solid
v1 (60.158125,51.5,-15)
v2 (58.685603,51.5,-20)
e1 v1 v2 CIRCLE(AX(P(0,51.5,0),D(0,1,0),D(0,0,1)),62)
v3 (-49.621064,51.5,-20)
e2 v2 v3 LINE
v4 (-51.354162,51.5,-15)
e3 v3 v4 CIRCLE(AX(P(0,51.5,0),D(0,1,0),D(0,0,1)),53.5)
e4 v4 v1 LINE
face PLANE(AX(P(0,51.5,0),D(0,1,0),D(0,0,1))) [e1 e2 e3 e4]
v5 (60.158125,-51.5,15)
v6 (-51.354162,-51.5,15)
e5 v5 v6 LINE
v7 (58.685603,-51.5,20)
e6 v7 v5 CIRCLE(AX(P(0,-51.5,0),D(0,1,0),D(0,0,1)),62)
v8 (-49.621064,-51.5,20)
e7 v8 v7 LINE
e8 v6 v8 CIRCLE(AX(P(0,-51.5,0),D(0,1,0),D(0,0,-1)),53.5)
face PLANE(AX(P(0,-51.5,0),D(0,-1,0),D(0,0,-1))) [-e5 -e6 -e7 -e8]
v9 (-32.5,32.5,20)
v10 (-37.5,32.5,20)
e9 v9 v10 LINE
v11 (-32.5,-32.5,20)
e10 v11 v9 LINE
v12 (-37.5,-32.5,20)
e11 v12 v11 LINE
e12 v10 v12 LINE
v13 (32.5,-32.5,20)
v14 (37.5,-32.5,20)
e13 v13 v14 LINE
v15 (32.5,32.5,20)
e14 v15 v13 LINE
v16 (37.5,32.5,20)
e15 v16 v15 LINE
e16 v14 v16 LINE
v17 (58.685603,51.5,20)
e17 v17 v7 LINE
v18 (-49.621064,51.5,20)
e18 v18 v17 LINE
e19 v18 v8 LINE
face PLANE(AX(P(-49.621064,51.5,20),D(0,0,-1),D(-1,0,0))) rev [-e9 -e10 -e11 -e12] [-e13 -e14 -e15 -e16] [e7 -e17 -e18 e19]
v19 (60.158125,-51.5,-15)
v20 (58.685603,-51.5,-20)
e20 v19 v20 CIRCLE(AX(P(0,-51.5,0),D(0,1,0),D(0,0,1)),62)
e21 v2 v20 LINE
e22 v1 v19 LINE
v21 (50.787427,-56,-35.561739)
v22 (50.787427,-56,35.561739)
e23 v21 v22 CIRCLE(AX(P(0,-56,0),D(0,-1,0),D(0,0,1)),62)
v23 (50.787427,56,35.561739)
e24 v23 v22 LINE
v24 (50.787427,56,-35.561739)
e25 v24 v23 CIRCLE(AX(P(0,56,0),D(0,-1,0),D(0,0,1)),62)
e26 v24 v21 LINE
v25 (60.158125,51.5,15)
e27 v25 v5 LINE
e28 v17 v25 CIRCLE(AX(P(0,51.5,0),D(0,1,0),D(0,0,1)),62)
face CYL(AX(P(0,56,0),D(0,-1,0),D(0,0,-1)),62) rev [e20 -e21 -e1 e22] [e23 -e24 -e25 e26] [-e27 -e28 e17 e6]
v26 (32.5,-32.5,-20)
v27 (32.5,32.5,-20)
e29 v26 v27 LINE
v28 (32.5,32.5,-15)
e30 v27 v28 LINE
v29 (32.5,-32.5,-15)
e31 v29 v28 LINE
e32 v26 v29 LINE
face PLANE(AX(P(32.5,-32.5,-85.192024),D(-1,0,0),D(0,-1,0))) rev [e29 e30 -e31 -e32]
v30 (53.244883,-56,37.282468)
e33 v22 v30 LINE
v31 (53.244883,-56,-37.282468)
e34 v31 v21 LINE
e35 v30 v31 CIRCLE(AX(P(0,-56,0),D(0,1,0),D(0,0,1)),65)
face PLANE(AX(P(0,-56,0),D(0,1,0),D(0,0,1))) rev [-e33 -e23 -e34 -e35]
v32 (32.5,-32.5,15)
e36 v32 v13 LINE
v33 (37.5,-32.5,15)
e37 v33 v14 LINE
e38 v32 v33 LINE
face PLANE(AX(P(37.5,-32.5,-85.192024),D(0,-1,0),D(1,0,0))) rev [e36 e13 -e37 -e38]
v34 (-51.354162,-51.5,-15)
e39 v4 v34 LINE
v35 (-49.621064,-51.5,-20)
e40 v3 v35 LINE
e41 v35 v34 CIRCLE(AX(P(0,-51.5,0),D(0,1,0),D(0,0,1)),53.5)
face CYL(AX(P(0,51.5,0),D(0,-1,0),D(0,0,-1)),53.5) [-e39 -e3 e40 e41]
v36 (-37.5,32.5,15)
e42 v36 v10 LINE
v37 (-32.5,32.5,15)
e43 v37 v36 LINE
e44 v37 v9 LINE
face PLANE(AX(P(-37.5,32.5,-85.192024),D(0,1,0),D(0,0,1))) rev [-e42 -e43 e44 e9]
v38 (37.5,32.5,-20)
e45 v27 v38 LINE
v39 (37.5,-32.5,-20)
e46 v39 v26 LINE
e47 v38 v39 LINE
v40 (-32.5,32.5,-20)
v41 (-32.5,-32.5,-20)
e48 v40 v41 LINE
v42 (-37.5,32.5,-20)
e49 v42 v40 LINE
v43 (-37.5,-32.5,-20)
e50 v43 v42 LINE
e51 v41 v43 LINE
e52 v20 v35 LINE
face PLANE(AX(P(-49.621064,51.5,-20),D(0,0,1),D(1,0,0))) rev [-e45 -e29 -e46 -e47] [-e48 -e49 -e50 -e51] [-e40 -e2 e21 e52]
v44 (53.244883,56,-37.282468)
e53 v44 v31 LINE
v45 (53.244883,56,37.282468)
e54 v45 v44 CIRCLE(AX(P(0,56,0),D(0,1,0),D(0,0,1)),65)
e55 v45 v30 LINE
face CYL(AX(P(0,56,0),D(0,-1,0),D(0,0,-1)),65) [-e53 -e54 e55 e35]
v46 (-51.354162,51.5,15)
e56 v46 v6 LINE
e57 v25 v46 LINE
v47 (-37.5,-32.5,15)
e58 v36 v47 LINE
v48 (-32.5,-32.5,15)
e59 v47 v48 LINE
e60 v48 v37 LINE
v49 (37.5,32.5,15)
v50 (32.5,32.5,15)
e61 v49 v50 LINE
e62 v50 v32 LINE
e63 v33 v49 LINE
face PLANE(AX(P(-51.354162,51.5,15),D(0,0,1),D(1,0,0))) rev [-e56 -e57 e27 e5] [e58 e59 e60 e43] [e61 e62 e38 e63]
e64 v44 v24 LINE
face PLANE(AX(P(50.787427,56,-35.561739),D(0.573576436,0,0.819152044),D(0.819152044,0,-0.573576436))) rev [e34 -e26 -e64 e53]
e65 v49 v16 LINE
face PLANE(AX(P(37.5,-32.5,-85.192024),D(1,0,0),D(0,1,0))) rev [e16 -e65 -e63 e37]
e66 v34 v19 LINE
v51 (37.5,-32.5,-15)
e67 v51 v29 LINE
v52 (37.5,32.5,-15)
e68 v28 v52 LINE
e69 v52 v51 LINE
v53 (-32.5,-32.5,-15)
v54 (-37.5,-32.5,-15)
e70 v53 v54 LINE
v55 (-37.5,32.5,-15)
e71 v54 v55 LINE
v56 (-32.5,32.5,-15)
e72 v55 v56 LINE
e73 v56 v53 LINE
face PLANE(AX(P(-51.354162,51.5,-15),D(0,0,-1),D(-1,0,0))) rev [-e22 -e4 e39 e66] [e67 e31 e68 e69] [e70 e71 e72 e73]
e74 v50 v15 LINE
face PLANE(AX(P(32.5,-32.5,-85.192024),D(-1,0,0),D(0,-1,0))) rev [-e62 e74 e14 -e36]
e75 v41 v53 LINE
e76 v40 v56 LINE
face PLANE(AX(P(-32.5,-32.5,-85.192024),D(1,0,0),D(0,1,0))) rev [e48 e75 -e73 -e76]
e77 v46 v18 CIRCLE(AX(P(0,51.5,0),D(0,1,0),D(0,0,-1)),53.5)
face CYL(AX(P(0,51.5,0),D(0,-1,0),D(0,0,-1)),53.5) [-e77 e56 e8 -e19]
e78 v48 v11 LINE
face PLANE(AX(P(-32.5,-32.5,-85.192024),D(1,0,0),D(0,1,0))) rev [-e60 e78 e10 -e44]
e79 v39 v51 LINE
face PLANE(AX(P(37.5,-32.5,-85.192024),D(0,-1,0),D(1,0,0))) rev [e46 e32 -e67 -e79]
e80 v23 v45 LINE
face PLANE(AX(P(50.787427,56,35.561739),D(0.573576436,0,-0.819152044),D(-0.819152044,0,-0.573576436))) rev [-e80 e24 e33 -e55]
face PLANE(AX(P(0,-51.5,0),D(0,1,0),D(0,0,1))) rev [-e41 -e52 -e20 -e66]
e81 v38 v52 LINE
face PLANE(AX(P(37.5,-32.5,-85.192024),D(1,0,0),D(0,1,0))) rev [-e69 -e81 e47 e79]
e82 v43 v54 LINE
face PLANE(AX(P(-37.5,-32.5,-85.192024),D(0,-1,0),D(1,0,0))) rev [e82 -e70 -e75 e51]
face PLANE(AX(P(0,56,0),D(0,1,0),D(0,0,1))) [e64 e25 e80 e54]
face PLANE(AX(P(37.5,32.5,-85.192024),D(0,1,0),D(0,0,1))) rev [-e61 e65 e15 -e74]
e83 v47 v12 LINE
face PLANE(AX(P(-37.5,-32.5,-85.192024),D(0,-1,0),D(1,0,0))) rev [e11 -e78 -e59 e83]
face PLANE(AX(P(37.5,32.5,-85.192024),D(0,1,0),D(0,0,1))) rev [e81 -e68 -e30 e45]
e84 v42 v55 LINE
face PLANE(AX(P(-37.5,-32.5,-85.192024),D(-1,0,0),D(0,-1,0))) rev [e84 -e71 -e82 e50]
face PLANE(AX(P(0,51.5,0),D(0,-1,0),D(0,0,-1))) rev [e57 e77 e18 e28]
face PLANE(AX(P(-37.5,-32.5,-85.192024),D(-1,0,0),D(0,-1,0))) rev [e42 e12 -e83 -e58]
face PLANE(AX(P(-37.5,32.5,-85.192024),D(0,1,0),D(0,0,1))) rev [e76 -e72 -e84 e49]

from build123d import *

# Parameters (mm, degrees)
BOSS_EXTRUDE1_DEPTH = 56
BOSS_EXTRUDE2_DEPTH = 51.5
CUT_EXTRUDE1_REACH  = 105.161
SKETCH3_W           = 5
SKETCH3_H           = 65


with BuildPart() as part:
    # Sketch1 → Boss-Extrude1 (new, symmetric)
    with BuildSketch(Plane(origin=(0, 0, 0), x_dir=(1, 0, 0), z_dir=(0, 1, 0))):
        with BuildLine():
            Line((50.787426746, 35.561739054), (53.244882879, 37.282468363))
            ThreePointArc((53.244882879, 37.282468363), (65, 0), (53.244882879, -37.282468363))
            Line((53.244882879, -37.282468363), (50.787426746, -35.561739054))
            ThreePointArc((50.787426746, -35.561739054), (62, 0), (50.787426746, 35.561739054))
        make_face()
    extrude(amount=BOSS_EXTRUDE1_DEPTH, both=True)

    # Sketch2 → Boss-Extrude2 (add, symmetric)
    with BuildSketch(Plane(origin=(0, 0, 0), x_dir=(1, 0, 0), z_dir=(0, 1, 0))):
        with BuildLine():
            Line((-51.354162441, 15), (60.158124971, 15))
            ThreePointArc((60.158124971, 15), (59.474430807, 17.515481159), (58.685603004, 20))
            Line((58.685603004, 20), (-49.621064076, 20))
            ThreePointArc((-49.621064076, 20), (-50.549471733, 17.521441364), (-51.354162441, 15))
        make_face()
        with BuildLine():
            Line((-49.621064076, -20), (58.685603004, -20))
            ThreePointArc((58.685603004, -20), (59.474430807, -17.515481159), (60.158124971, -15))
            Line((60.158124971, -15), (-51.354162441, -15))
            ThreePointArc((-51.354162441, -15), (-50.549471733, -17.521441364), (-49.621064076, -20))
        make_face()
    extrude(amount=BOSS_EXTRUDE2_DEPTH, both=True)

    # Cut-Extrude1: up to this face of the body (flat: up to its plane)
    cut_extrude1_end = Plane(part.part.faces().sort_by_distance((4.532269464, 0, -20))[0])
    # Sketch3 → Cut-Extrude1 (cut, up to the picked face)
    with BuildSketch(Plane.XY.offset(20), mode=Mode.PRIVATE) as cut_extrude1_sk1:
        with Locations((-35, 0)):
            Rectangle(SKETCH3_W, SKETCH3_H)
    cut_extrude1_tool1 = split(extrude(cut_extrude1_sk1.sketch, amount=-CUT_EXTRUDE1_REACH, mode=Mode.PRIVATE), bisect_by=cut_extrude1_end, keep=Keep.BOTH, mode=Mode.PRIVATE)
    # Sketch3 → Cut-Extrude1 (cut, up to the picked face)
    with BuildSketch(Plane.XY.offset(20), mode=Mode.PRIVATE) as cut_extrude1_sk2:
        with Locations((35, 0)):
            Rectangle(SKETCH3_W, SKETCH3_H)
    cut_extrude1_tool2 = split(extrude(cut_extrude1_sk2.sketch, amount=-CUT_EXTRUDE1_REACH, mode=Mode.PRIVATE), bisect_by=cut_extrude1_end, keep=Keep.BOTH, mode=Mode.PRIVATE)
    add(cut_extrude1_tool1.solids().sort_by(Axis((-35, 0, 20), (0, 0, -1)))[0], mode=Mode.SUBTRACT)
    add(cut_extrude1_tool2.solids().sort_by(Axis((35, 0, 20), (0, 0, -1)))[0], mode=Mode.SUBTRACT)


solid = part.part
